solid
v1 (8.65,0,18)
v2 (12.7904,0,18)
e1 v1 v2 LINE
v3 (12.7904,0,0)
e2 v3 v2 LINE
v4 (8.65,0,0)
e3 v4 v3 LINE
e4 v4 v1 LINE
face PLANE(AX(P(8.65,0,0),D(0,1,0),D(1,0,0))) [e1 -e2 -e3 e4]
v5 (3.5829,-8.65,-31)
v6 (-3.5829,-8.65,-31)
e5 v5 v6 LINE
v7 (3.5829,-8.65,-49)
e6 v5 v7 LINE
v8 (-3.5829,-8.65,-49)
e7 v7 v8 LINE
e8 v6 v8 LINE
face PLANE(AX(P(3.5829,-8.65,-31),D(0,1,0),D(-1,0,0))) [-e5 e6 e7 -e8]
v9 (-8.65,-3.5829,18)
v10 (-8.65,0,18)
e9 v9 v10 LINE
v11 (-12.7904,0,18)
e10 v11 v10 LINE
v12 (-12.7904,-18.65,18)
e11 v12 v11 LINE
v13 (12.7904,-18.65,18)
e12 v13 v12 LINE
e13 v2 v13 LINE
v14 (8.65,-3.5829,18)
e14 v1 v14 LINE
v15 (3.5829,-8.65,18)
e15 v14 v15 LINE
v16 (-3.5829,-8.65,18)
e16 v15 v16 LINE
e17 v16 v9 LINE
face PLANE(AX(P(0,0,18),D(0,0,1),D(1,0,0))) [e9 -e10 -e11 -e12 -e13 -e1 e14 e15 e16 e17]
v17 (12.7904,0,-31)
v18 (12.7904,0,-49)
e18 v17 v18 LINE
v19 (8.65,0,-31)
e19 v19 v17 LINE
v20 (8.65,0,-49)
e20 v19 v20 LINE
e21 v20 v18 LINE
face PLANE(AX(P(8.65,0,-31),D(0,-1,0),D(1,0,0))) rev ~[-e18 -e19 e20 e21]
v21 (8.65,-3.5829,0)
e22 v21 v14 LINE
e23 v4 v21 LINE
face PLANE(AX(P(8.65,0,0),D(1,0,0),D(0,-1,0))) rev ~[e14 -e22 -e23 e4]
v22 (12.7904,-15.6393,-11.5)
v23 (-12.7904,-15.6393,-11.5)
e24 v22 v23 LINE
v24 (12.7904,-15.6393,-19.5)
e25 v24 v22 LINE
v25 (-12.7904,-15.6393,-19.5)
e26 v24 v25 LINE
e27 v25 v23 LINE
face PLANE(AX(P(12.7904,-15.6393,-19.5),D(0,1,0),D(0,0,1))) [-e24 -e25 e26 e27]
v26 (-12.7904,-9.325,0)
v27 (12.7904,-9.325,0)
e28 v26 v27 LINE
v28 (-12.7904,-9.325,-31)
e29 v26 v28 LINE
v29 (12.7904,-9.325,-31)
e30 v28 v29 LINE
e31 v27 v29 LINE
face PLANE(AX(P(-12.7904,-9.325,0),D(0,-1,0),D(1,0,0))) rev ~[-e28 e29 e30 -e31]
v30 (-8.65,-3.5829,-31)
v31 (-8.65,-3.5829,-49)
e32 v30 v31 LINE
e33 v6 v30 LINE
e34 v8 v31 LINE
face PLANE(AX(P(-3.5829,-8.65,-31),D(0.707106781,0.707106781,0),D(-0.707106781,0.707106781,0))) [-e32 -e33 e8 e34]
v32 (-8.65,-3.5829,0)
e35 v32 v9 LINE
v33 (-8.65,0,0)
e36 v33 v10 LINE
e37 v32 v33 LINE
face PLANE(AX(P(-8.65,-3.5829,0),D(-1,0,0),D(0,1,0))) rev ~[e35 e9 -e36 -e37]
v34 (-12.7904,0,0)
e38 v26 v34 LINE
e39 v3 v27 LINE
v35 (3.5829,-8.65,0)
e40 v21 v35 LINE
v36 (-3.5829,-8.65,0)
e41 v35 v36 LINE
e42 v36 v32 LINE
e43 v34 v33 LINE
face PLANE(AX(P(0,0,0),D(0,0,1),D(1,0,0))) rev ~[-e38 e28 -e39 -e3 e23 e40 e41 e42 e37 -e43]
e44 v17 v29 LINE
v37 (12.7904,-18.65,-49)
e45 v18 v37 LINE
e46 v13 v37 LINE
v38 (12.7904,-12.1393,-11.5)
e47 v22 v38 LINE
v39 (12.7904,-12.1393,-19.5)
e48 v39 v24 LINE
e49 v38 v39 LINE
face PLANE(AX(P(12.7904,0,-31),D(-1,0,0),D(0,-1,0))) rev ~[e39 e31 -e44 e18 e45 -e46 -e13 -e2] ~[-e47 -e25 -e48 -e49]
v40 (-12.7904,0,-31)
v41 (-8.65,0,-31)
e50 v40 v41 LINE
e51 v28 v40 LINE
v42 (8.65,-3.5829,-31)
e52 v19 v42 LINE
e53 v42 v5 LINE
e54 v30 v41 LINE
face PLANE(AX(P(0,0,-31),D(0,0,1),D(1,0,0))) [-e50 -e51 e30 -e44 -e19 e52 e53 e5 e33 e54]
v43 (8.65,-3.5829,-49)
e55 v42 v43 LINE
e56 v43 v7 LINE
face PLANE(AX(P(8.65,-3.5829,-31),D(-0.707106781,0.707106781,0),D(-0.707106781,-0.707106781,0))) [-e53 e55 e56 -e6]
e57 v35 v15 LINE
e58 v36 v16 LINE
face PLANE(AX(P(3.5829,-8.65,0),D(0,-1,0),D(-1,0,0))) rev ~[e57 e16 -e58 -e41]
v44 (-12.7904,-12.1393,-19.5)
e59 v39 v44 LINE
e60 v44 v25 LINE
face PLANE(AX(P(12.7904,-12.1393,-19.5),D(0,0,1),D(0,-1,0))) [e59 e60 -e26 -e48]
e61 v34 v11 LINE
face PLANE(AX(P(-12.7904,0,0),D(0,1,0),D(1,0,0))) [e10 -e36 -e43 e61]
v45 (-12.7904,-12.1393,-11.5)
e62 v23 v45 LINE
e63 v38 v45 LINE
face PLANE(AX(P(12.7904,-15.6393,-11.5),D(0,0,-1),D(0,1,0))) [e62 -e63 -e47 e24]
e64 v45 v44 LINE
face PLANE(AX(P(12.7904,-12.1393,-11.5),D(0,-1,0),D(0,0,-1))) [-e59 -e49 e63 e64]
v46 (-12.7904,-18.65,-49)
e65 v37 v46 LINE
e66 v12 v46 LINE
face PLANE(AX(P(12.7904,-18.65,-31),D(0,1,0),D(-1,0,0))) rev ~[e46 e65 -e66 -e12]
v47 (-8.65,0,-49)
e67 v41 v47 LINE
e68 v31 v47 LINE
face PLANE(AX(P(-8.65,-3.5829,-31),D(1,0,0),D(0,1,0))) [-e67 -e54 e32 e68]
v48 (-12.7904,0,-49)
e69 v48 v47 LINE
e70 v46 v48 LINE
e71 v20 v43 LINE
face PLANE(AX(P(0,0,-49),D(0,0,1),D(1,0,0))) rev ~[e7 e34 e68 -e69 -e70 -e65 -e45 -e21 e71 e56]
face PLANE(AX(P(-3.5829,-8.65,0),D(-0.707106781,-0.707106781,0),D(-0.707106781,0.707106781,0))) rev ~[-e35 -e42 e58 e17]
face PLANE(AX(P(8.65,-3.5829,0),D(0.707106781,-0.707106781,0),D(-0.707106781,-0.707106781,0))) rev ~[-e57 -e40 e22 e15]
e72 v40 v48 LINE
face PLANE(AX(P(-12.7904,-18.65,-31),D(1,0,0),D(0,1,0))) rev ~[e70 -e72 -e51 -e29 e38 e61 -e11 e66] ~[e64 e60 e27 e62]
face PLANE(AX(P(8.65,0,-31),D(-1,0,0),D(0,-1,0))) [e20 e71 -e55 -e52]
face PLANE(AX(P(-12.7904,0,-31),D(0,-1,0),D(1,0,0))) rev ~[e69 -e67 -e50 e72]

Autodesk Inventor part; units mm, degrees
ref_plane "YZ Plane" through (0, 0, 0) normal (1, 0, 0) x (0, 1, 0)
ref_plane "XZ Plane" through (0, 0, 0) normal (0, 1, 0) x (-1, 0, 0)
ref_plane "XY Plane" through (0, 0, 0) normal (0, 0, 1) x (1, 0, 0)
sketch "Sketch1" plane through (0, 0, 0) normal (0, 0, 1) x (1, 0, 0)
  line L0 (8.65, 3.5829) -> (8.65, -3.5829)
  line L1 (8.65, -3.5829) -> (3.5829, -8.65)
  line L2 (3.5829, -8.65) -> (-3.5829, -8.65)
  line L3 (-3.5829, -8.65) -> (-8.65, -3.5829)
  line L4 (-8.65, -3.5829) -> (-8.65, 3.5829)
  line L5 (-8.65, 3.5829) -> (-3.5829, 8.65)
  line L6 (-3.5829, 8.65) -> (3.5829, 8.65)
  line L7 (3.5829, 8.65) -> (8.65, 3.5829)
  line L8 (-12.7904, 0) -> (12.7904, 0)
  line L9 (12.7904, 0) -> (12.7904, -18.65)
  line L10 (12.7904, -18.65) -> (-12.7904, -18.65)
  line L11 (-12.7904, -18.65) -> (-12.7904, 0)
  point P0 (0, 0)
  point P1 (0, 0)
  point P2 (0, 0)
  point P3 (-8.65, 0)
  point P4 (8.65, 0)
  dimension "d0" = 17.3
  dimension "d1" = 10
extrude "Extrusion1" add sketch "Sketch1" along normal blind 18 contours L8 L9 L10 L11 L4 L3 L2 L1 L0
sketch "Sketch2" plane through (0, 0, 0) normal (0, 0, -1) x (-1, 0, 0)
  line L0 (-12.7904, -18.65) -> (-12.7904, 0) projected
  line L1 (12.7904, 0) -> (12.7904, -18.65) projected
  line L2 (-12.7904, -18.65) -> (12.7904, -18.65)
  line L3 (12.7904, -18.65) -> (12.7904, -9.275)
  line L4 (12.7904, -9.325) -> (-12.7904, -9.325)
  line L5 (-12.7904, -9.325) -> (-12.7904, -18.65)
  point P0 (0, 0)
  point P1 (-12.7904, -9.325)
extrude "Extrusion2" add sketch "Sketch2" along normal blind 31
extrude "Extrusion3" add sketch "Sketch1" against normal blind 18 from surface at -31 contours L8 L9 L10 L11 L4 L3 L2 L1 L0
sketch "Sketch3" plane through (12.7904, -18.65, 18) normal (1, 0, 0) x (0, 0, -1)
  line L0 (29.5, 6.5107) -> (37.5, 6.5107)
  line L1 (37.5, 6.5107) -> (37.5, 3.0107)
  line L2 (37.5, 3.0107) -> (29.5, 3.0107)
  line L3 (29.5, 3.0107) -> (29.5, 6.5107)
  line L4 (29.5, 6.5107) -> (37.5, 3.0107) construction
  line L5 (37.5, 6.5107) -> (29.5, 3.0107) construction
  line L6 (18, 9.325) -> (49, 9.325) projected
  point P0 (18, 18.65)
  point P1 (33.5, 4.7607)
  point P2 (33.5, 9.325)
  dimension "d8" = 3.5
  dimension "d9" = 8
extrude "Extrusion4" cut sketch "Sketch3" against normal through all
properties part number "Gage Stand"
